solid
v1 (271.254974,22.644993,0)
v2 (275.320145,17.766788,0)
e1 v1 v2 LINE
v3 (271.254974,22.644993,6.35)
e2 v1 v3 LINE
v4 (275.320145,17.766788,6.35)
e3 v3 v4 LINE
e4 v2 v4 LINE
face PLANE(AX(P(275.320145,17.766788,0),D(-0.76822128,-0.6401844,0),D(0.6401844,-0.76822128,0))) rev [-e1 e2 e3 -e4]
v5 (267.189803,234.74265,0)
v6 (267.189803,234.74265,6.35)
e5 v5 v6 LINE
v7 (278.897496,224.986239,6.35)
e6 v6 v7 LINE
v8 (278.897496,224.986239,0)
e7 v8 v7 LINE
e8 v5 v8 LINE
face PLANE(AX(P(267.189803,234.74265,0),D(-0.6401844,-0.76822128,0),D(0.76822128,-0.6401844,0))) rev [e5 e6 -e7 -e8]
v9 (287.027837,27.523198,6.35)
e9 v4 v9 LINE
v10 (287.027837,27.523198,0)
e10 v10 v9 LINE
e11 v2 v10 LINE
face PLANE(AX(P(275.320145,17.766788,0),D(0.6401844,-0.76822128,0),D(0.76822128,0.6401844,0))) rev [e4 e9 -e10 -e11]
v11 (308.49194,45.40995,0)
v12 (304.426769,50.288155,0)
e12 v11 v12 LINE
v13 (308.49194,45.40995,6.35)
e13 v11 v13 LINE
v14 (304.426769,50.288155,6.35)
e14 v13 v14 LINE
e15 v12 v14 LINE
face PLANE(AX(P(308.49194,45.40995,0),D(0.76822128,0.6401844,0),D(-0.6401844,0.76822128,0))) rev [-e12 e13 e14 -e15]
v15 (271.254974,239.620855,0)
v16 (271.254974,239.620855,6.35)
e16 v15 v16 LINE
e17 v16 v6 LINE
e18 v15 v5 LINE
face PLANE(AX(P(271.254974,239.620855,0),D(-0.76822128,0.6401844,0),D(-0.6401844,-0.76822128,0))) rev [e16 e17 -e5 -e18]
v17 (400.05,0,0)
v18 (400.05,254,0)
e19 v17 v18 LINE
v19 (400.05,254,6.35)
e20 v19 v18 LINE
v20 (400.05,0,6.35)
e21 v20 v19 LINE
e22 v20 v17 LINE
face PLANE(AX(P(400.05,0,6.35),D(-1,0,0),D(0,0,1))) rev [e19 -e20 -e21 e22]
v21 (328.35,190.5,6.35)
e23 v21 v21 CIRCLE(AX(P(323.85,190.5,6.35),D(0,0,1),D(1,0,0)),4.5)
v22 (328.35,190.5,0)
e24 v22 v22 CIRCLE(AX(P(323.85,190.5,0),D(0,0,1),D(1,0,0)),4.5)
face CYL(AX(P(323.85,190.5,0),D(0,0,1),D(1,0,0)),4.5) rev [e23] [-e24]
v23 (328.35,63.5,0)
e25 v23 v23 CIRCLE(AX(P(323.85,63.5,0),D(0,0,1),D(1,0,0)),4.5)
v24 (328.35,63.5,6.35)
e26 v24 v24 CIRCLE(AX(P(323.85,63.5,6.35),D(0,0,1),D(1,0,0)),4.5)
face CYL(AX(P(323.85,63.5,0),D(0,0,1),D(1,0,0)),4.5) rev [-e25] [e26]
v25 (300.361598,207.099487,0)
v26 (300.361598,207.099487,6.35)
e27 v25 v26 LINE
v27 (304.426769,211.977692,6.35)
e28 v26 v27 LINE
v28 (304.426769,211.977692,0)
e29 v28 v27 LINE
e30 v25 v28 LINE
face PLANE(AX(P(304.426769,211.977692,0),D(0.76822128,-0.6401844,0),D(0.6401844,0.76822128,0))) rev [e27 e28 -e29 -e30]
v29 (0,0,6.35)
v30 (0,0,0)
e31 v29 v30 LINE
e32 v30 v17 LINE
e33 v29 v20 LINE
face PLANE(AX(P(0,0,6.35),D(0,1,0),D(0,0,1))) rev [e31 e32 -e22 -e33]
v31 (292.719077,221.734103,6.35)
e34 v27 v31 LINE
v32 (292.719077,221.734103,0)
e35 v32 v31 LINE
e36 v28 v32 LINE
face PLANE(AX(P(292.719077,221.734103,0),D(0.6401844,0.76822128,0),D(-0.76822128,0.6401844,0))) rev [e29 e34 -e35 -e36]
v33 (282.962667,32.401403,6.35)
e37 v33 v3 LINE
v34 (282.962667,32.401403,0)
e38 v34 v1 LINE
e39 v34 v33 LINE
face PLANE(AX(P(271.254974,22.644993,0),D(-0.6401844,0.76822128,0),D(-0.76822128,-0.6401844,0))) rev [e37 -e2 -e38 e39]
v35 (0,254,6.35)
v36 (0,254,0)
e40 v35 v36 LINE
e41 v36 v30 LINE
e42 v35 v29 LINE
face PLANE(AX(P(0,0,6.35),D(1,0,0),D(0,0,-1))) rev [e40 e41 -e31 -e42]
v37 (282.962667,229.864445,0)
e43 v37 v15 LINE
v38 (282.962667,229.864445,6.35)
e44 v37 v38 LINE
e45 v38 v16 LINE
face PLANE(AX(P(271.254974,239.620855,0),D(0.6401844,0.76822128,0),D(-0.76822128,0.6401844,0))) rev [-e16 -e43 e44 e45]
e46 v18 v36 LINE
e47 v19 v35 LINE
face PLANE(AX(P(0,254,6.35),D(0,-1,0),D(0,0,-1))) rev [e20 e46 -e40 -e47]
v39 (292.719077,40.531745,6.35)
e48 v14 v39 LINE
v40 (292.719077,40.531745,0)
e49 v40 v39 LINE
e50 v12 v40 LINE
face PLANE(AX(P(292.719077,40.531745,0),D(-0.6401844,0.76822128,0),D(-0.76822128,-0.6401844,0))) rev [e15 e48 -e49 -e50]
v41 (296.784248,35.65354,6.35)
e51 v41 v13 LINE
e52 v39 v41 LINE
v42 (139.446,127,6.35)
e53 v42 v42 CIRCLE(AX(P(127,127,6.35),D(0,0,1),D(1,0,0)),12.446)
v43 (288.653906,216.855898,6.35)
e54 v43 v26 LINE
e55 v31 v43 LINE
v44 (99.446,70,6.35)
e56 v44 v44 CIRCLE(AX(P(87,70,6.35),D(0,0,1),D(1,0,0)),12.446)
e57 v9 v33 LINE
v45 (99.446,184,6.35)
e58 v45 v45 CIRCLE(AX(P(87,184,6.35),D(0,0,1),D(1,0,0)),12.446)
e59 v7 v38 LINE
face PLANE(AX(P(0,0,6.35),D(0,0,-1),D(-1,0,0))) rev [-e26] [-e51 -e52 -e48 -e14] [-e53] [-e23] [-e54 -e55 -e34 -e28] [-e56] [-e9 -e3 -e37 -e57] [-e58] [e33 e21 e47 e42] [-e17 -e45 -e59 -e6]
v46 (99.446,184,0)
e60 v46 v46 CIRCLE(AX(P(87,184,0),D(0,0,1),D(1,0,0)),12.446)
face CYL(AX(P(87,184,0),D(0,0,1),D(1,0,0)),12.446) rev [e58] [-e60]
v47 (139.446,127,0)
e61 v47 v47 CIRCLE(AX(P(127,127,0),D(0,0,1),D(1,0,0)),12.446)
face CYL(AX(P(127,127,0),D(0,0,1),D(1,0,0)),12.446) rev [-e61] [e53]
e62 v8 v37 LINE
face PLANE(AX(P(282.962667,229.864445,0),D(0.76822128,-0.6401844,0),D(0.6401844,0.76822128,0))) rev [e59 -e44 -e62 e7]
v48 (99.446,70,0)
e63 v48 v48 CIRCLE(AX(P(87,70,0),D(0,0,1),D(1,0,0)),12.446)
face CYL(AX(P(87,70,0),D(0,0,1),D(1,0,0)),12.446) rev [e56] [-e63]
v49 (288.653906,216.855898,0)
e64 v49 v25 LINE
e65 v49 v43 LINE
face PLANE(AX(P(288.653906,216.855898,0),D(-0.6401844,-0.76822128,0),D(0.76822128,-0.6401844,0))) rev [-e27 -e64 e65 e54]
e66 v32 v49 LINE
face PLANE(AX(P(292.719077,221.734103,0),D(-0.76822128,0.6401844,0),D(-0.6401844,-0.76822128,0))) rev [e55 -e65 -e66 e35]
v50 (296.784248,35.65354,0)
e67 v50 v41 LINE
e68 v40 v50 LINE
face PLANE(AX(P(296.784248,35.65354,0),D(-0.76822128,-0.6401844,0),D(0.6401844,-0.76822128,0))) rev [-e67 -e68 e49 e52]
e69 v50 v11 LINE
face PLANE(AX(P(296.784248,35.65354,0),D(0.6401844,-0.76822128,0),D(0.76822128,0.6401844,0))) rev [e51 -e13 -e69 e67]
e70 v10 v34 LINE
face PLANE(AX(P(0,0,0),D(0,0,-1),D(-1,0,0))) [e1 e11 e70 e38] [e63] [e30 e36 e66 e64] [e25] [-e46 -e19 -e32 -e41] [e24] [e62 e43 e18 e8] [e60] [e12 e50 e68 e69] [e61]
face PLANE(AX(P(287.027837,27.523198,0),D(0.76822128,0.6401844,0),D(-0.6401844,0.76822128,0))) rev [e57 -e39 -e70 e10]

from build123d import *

# Parameters (mm, degrees)
SKETCH1_W           = 400.05
SKETCH1_H           = 254
BOSS_EXTRUDE1_DEPTH = 6.35
SKETCH2_R           = 4.5
SKETCH2_R_2         = 12.446
CUT_EXTRUDE1_DEPTH  = 6.35


with BuildPart() as part:
    # Sketch1 → Boss-Extrude1 (new body)
    with BuildSketch(Plane.XY):
        with Locations((200.025, 127)):
            Rectangle(SKETCH1_W, SKETCH1_H)
    extrude(amount=BOSS_EXTRUDE1_DEPTH)

    # Sketch2 → Cut-Extrude1 (cut)
    with BuildSketch(Plane.XY.offset(6.35)):
        with Locations((323.85, 63.5)):
            Circle(SKETCH2_R)
        with Locations((323.85, 190.5)):
            Circle(SKETCH2_R)
        with Locations((127, 127)):
            Circle(SKETCH2_R_2)
        with Locations((87, 70)):
            Circle(SKETCH2_R_2)
        with Locations((87, 184)):
            Circle(SKETCH2_R_2)
        Polygon((275.320145198, 17.766787665), (287.027837499, 27.523197916), (282.962666561, 32.401403041), (271.25497426, 22.64499279), align=None)
        Polygon((296.78424775, 35.653539792), (308.491940051, 45.409950042), (304.426769113, 50.288155168), (292.719076812, 40.531744917), align=None)
        Polygon((271.25497426, 239.620854783), (282.962666561, 229.864444532), (278.897495623, 224.986239407), (267.189803322, 234.742649658), align=None)
        Polygon((292.719076812, 221.734102657), (304.426769113, 211.977692406), (300.361598175, 207.09948728), (288.653905874, 216.855897531), align=None)
    extrude(amount=-CUT_EXTRUDE1_DEPTH, mode=Mode.SUBTRACT)


solid = part.part
